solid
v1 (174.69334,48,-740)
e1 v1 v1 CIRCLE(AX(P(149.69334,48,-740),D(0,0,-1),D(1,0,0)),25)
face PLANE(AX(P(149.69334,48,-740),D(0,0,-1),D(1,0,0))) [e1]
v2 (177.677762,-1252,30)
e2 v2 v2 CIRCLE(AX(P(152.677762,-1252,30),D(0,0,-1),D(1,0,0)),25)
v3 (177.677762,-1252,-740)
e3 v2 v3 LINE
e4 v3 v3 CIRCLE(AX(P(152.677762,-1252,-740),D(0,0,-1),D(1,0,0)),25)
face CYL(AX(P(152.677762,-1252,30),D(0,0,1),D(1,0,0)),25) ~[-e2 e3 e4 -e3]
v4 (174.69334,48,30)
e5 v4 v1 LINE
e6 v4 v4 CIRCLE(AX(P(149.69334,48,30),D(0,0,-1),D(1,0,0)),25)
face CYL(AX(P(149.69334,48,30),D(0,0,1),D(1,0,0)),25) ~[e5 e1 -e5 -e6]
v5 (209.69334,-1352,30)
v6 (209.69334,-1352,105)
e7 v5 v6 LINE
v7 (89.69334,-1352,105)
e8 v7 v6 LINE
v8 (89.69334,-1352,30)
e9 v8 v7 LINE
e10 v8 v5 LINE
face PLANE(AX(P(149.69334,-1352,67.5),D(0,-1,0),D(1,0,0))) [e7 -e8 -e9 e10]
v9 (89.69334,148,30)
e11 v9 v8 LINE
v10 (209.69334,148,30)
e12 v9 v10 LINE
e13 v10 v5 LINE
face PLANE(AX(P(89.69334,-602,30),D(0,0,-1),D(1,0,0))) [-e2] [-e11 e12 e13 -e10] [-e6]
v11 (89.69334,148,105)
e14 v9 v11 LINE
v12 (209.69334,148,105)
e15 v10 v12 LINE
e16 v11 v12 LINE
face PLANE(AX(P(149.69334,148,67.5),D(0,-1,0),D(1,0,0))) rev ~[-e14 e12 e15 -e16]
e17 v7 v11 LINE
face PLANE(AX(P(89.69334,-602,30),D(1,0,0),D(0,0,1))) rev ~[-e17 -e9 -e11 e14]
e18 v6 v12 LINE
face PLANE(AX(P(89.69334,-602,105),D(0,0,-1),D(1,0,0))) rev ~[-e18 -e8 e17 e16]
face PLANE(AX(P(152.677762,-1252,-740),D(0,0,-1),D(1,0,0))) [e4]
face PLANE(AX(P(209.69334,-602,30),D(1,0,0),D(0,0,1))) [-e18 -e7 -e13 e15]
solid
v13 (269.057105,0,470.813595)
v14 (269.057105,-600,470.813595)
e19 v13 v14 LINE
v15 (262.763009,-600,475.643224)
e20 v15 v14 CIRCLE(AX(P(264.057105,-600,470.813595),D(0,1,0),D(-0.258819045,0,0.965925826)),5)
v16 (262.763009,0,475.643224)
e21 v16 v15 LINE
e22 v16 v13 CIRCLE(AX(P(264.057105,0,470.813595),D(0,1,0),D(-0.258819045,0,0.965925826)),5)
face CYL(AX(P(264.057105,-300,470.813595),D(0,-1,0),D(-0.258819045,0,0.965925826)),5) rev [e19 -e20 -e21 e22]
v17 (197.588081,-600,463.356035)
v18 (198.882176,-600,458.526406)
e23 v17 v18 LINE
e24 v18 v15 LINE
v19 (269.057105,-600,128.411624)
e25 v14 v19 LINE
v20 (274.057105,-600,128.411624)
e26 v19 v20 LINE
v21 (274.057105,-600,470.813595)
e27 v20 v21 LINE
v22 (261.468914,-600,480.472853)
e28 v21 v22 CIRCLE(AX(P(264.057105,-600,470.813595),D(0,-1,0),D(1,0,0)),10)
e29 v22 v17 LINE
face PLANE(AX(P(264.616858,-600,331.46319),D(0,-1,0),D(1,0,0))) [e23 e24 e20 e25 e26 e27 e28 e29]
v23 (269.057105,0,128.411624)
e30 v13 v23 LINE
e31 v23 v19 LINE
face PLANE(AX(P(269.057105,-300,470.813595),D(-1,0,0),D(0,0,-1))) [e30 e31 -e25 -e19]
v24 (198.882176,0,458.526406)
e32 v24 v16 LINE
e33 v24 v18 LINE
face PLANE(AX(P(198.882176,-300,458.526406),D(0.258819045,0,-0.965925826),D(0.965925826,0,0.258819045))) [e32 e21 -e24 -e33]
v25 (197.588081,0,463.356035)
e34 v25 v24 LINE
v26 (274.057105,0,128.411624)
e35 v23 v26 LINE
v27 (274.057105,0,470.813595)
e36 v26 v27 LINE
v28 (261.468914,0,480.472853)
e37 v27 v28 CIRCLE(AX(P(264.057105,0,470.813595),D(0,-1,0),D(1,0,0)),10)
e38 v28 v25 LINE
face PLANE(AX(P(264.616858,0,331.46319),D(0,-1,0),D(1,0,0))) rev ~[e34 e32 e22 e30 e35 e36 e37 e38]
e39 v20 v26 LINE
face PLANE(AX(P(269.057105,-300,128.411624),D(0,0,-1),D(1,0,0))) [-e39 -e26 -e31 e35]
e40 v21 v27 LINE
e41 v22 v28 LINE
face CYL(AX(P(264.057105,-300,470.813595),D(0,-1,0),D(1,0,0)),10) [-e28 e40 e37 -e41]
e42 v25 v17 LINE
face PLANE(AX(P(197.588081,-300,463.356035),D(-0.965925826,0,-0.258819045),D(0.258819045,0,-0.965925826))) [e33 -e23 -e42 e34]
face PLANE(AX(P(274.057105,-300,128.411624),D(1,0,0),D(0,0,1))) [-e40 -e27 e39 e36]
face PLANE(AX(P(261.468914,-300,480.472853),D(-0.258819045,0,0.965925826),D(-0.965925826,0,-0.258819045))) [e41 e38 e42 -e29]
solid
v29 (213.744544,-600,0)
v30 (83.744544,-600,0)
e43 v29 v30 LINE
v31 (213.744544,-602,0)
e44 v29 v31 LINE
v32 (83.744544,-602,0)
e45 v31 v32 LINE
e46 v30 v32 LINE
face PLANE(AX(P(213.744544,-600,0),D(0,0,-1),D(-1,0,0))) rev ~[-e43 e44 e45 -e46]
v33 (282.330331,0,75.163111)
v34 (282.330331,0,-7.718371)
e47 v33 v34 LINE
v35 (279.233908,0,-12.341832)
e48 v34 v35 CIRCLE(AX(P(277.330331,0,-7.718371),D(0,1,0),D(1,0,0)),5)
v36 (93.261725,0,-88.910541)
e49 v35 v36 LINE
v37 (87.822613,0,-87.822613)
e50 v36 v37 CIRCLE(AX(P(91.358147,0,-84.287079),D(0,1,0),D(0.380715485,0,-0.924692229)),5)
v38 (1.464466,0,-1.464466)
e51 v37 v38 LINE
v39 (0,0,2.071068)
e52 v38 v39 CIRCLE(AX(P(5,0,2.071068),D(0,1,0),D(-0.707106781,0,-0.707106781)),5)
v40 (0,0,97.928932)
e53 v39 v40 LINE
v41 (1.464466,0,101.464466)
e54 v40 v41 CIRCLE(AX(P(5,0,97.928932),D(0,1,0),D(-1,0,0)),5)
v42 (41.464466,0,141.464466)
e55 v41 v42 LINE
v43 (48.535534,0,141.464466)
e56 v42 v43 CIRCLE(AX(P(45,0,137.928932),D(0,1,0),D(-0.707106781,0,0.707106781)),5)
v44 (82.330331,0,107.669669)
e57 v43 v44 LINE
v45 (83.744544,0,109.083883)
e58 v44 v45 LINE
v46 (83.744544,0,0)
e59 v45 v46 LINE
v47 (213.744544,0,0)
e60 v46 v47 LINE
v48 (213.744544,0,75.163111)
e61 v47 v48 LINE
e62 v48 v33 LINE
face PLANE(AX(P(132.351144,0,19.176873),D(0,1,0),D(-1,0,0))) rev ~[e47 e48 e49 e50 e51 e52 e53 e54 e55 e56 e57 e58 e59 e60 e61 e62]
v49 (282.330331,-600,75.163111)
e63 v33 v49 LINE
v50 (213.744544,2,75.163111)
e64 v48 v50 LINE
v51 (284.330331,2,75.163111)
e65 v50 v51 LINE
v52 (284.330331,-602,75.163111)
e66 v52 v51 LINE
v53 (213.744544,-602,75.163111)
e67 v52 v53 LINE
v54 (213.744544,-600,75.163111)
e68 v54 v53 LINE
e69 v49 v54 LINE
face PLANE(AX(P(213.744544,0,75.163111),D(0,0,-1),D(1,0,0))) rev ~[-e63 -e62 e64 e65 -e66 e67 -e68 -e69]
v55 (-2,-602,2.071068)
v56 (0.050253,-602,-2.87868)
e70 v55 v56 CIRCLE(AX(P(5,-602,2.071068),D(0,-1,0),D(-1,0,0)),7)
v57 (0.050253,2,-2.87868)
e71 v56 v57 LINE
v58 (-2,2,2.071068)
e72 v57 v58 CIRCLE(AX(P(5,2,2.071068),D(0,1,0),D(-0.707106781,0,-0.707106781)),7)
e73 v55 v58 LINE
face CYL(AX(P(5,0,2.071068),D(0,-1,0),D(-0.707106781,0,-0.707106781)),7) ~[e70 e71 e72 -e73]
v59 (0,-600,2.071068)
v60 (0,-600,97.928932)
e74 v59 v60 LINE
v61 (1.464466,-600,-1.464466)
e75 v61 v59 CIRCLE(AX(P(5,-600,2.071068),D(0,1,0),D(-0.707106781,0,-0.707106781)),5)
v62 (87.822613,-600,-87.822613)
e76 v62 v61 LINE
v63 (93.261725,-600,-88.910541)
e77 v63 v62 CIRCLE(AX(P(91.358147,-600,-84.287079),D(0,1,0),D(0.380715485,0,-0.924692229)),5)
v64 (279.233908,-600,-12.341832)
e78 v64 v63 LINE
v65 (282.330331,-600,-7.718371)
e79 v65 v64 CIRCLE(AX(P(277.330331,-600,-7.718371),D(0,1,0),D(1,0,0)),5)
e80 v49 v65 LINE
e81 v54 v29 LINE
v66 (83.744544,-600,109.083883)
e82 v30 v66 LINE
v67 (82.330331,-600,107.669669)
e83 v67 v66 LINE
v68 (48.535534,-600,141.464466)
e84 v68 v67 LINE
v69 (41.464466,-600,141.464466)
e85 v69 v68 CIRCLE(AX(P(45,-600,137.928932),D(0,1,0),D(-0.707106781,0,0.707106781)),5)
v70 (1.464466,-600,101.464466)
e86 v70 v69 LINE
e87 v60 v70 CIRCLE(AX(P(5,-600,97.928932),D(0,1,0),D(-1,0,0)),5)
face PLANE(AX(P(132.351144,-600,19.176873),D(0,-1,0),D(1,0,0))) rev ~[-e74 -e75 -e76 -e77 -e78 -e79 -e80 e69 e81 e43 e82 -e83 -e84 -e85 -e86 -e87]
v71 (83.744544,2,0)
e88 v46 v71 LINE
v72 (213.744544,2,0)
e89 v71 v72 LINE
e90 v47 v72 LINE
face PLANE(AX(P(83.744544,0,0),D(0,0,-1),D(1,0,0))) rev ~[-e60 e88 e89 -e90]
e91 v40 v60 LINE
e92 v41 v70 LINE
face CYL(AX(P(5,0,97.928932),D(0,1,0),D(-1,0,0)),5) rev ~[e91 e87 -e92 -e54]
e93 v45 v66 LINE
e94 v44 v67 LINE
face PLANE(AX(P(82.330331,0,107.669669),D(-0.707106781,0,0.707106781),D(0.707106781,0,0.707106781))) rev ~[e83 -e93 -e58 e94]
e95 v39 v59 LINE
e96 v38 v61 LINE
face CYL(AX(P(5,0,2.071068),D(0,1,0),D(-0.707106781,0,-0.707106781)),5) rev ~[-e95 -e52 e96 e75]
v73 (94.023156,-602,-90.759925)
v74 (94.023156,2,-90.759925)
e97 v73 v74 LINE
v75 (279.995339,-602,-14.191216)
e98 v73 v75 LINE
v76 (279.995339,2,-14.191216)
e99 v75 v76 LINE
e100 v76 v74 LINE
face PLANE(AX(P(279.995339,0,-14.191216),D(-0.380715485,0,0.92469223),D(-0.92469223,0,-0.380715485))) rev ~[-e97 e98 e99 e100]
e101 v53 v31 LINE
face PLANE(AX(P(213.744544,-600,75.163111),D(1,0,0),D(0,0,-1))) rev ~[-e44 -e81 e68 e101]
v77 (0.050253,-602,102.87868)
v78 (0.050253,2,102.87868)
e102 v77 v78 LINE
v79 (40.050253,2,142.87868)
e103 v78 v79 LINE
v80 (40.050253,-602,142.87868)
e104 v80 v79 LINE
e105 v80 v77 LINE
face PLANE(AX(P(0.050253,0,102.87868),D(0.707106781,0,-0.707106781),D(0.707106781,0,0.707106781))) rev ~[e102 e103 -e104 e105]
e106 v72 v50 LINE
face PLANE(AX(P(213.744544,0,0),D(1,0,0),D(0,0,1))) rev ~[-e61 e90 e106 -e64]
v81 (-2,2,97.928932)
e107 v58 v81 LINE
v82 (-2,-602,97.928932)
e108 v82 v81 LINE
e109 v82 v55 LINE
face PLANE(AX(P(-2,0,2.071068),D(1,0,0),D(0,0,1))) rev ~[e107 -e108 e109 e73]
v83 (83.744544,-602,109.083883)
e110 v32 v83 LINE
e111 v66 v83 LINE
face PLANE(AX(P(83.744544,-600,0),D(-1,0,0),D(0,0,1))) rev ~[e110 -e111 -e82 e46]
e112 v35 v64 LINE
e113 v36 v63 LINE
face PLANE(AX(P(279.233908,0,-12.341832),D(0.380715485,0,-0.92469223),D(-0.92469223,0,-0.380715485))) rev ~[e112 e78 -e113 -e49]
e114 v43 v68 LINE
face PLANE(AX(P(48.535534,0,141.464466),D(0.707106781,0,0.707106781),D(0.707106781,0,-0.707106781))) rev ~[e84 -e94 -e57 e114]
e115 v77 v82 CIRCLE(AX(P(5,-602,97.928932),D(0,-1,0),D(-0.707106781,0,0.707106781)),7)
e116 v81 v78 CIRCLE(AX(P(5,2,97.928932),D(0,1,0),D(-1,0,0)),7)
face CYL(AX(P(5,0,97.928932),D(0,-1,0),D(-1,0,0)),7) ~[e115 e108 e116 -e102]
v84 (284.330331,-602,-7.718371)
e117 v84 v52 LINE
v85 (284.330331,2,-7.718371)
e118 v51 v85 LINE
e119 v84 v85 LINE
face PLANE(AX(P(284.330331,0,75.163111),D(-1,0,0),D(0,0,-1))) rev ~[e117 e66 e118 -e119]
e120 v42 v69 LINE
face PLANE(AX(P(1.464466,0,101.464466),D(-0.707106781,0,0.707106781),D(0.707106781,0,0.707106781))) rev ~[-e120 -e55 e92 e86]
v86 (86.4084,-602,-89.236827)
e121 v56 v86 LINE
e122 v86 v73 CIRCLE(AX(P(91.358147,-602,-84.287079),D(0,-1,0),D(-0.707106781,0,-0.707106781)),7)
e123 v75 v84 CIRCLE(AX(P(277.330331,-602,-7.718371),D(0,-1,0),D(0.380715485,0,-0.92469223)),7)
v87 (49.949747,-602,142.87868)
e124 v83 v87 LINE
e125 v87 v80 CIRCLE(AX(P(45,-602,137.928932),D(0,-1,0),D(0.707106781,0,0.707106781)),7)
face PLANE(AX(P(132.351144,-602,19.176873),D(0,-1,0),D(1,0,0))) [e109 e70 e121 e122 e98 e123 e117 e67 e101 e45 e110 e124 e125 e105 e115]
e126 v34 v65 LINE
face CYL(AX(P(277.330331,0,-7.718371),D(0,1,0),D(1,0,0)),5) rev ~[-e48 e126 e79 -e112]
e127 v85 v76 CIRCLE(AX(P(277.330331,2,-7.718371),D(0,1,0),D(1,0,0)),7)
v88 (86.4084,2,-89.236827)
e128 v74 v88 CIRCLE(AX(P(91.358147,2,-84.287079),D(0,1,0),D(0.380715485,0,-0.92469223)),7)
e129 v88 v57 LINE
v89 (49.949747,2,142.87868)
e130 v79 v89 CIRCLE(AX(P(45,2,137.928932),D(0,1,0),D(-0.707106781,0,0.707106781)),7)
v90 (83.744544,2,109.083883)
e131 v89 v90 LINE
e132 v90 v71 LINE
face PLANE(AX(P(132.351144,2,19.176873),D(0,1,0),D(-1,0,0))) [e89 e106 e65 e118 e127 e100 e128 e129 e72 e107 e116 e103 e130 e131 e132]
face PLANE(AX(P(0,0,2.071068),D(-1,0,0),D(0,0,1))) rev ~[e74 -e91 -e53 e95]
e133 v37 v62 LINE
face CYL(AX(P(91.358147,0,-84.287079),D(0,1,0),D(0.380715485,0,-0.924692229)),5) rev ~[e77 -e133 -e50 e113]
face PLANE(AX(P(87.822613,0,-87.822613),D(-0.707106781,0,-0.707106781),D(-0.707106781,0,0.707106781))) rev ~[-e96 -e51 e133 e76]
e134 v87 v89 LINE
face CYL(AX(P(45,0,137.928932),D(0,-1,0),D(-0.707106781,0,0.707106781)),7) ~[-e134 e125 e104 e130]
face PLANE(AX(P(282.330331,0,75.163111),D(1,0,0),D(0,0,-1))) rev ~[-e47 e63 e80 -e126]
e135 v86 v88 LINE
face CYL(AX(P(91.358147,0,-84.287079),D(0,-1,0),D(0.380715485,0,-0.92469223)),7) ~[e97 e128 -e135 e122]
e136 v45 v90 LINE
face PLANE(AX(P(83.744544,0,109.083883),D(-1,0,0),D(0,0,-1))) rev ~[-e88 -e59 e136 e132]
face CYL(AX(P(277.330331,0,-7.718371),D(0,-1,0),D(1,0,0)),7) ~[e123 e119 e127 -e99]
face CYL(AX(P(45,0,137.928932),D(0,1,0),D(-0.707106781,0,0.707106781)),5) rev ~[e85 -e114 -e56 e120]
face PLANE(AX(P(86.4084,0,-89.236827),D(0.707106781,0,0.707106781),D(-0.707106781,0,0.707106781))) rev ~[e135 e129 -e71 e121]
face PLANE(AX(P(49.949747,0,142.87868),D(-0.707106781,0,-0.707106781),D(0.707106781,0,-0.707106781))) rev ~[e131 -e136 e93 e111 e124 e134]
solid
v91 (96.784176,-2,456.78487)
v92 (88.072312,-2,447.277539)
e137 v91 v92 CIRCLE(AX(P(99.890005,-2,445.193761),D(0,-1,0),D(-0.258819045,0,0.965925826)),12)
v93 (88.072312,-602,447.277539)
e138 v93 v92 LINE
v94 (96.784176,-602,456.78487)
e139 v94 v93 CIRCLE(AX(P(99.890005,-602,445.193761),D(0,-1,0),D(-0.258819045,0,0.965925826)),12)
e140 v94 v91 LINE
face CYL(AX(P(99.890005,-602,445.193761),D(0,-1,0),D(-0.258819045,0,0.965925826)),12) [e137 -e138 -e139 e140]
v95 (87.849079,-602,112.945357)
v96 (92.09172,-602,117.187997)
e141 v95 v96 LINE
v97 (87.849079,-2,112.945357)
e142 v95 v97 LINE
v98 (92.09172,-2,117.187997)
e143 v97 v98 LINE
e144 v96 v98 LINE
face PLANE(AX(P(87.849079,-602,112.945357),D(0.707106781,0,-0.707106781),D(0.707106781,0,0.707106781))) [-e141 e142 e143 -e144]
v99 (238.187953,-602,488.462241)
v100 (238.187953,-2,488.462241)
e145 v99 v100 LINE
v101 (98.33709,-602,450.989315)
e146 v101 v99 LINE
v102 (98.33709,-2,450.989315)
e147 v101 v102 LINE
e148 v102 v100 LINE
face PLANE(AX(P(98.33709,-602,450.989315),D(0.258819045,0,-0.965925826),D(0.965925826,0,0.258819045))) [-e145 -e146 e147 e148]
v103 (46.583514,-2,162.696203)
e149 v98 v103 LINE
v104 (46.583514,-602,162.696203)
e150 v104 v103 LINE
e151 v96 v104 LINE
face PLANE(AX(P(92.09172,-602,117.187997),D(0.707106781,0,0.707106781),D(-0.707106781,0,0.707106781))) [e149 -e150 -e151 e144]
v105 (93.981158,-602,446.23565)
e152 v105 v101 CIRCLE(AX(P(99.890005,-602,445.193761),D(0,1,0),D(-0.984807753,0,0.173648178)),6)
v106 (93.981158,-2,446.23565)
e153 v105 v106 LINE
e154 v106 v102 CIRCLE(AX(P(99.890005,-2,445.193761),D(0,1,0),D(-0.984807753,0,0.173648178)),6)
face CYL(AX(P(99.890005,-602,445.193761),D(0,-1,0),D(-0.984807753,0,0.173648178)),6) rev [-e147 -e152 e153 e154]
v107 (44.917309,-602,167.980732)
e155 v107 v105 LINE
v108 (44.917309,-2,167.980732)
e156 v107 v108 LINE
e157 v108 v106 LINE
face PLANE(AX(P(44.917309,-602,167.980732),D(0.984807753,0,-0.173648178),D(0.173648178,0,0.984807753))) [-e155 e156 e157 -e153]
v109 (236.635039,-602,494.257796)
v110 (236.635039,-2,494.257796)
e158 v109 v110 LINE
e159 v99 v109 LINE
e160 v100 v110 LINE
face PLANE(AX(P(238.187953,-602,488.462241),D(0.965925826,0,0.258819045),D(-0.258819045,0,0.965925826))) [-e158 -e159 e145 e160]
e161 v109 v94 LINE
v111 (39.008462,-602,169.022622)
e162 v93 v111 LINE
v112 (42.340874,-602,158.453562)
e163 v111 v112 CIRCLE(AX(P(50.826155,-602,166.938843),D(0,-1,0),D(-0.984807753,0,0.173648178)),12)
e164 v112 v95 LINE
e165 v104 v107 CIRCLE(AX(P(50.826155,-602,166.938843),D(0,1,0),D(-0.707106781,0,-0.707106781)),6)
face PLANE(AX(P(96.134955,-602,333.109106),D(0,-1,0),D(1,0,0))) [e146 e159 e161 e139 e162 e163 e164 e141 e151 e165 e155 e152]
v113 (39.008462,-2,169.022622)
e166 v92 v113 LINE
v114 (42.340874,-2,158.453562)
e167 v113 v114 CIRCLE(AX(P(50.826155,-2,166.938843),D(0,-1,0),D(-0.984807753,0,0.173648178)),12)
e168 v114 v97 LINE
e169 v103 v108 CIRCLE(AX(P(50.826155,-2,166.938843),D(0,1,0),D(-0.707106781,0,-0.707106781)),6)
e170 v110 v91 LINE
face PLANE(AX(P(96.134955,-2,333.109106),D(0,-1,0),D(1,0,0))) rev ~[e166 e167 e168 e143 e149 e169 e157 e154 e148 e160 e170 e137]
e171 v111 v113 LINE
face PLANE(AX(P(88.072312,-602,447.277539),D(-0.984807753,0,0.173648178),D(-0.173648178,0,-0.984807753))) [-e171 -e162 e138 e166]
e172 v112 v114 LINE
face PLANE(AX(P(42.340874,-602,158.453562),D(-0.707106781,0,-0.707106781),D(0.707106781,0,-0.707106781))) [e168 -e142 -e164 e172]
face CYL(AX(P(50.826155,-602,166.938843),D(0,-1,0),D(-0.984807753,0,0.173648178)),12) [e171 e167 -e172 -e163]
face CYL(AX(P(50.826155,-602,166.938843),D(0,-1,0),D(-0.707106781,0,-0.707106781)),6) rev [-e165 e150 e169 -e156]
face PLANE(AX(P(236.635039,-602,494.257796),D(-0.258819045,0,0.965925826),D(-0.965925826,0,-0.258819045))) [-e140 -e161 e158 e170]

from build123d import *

# Parameters (mm, degrees)
F1_DEPTH  = 600
F3_DEPTH  = 2
F5_DEPTH  = 2
F7_DEPTH  = 600
F8_W      = 120
F8_H      = 75
F9_DEPTH  = 750
F12_DEPTH = 300
F13_R     = 25
F14_DEPTH = 770


with BuildPart() as f1:
    # F0 (on Front) → F1 (new body)
    with BuildSketch(Plane.XZ):
        with BuildLine():
            ThreePointArc((1.4644660941, -1.4644660941), (0.3806023374, 0.15765065), (0, 2.0710678119))
            Line((0, 2.0710678119), (0, 97.9289321881))
            ThreePointArc((0, 97.9289321881), (0.3806023374, 99.84234935), (1.4644660941, 101.4644660941))
            Line((1.4644660941, 101.4644660941), (41.4644660941, 141.4644660941))
            ThreePointArc((41.4644660941, 141.4644660941), (45, 142.9289321881), (48.5355339059, 141.4644660941))
            Line((48.5355339059, 141.4644660941), (82.3303307434, 107.6696692566))
            Line((82.3303307434, 107.6696692566), (83.7445443058, 109.0838828189))
            Line((83.7445443058, 109.0838828189), (49.9497474683, 142.8786796564))
            ThreePointArc((49.9497474683, 142.8786796564), (45, 144.9289321881), (40.0502525317, 142.8786796564))
            Line((40.0502525317, 142.8786796564), (0.0502525317, 102.8786796564))
            ThreePointArc((0.0502525317, 102.8786796564), (-1.4671567276, 100.6077162147), (-2, 97.9289321881))
            Line((-2, 97.9289321881), (-2, 2.0710678119))
            ThreePointArc((-2, 2.0710678119), (-1.4671567276, -0.6077162147), (0.0502525317, -2.8786796564))
            Line((0.0502525317, -2.8786796564), (86.4083997077, -89.2368268324))
            ThreePointArc((86.4083997077, -89.2368268324), (89.9852068491, -91.1511186165), (94.0231555726, -90.7599249706))
            Line((94.0231555726, -90.7599249706), (279.99533914, -14.1912161103))
            ThreePointArc((279.99533914, -14.1912161103), (283.1464746024, -11.6135560721), (284.3303307434, -7.7183705037))
            Line((284.3303307434, -7.7183705037), (284.3303307434, 75.1631110907))
            Line((284.3303307434, 75.1631110907), (282.3303307434, 75.1631110907))
            Line((282.3303307434, 75.1631110907), (282.3303307434, -7.7183705037))
            ThreePointArc((282.3303307434, -7.7183705037), (281.4847192141, -10.5006459097), (279.2339081696, -12.3418316513))
            Line((279.2339081696, -12.3418316513), (93.2617246021, -88.9105405116))
            ThreePointArc((93.2617246021, -88.9105405116), (90.3774755139, -89.1899645444), (87.82261327, -87.82261327))
            Line((87.82261327, -87.82261327), (1.4644660941, -1.4644660941))
        make_face()
    extrude(amount=F1_DEPTH)

    # F2 (on face) → F3 (join)
    with BuildSketch(Plane.XZ.offset(600)):
        with BuildLine():
            Line((83.7445443058, 109.0838828189), (49.9497474683, 142.8786796564))
            ThreePointArc((49.9497474683, 142.8786796564), (45, 144.9289321881), (40.0502525317, 142.8786796564))
            Line((40.0502525317, 142.8786796564), (0.0502525317, 102.8786796564))
            ThreePointArc((0.0502525317, 102.8786796564), (-1.4671567276, 100.6077162147), (-2, 97.9289321881))
            Line((-2, 97.9289321881), (-2, 2.0710678119))
            ThreePointArc((-2, 2.0710678119), (-1.4671567276, -0.6077162147), (0.0502525317, -2.8786796564))
            Line((0.0502525317, -2.8786796564), (86.4083997077, -89.2368268324))
            ThreePointArc((86.4083997077, -89.2368268324), (89.9852068491, -91.1511186165), (94.0231555726, -90.7599249706))
            Line((94.0231555726, -90.7599249706), (279.99533914, -14.1912161103))
            ThreePointArc((279.99533914, -14.1912161103), (283.1464746024, -11.6135560721), (284.3303307434, -7.7183705037))
            Line((284.3303307434, -7.7183705037), (284.3303307434, 75.1631110907))
            Line((284.3303307434, 75.1631110907), (213.7445443058, 75.1631110907))
            Line((213.7445443058, 75.1631110907), (213.7445443058, 0))
            Line((213.7445443058, 0), (83.7445443058, 0))
            Line((83.7445443058, 0), (83.7445443058, 109.0838828189))
        make_face()
    extrude(amount=F3_DEPTH)

    # F4 (on face) → F5 (join)
    with BuildSketch(Plane(origin=(0, 0, 0), x_dir=(-1, 0, 0), z_dir=(0, 1, 0))):
        with BuildLine():
            Line((-213.7445443058, 75.1631110907), (-284.3303307434, 75.1631110907))
            Line((-284.3303307434, 75.1631110907), (-284.3303307434, -7.7183705037))
            ThreePointArc((-284.3303307434, -7.7183705037), (-283.1464746024, -11.6135560721), (-279.99533914, -14.1912161103))
            Line((-279.99533914, -14.1912161103), (-94.0231555726, -90.7599249706))
            ThreePointArc((-94.0231555726, -90.7599249706), (-89.9852068491, -91.1511186165), (-86.4083997077, -89.2368268324))
            Line((-86.4083997077, -89.2368268324), (-0.0502525317, -2.8786796564))
            ThreePointArc((-0.0502525317, -2.8786796564), (1.4671567276, -0.6077162147), (2, 2.0710678119))
            Line((2, 2.0710678119), (2, 97.9289321881))
            ThreePointArc((2, 97.9289321881), (1.4671567276, 100.6077162147), (-0.0502525317, 102.8786796564))
            Line((-0.0502525317, 102.8786796564), (-40.0502525317, 142.8786796564))
            ThreePointArc((-40.0502525317, 142.8786796564), (-45, 144.9289321881), (-49.9497474683, 142.8786796564))
            Line((-49.9497474683, 142.8786796564), (-83.7445443058, 109.0838828189))
            Line((-83.7445443058, 109.0838828189), (-83.7445443058, 0))
            Line((-83.7445443058, 0), (-213.7445443058, 0))
            Line((-213.7445443058, 0), (-213.7445443058, 75.1631110907))
        make_face()
    extrude(amount=F5_DEPTH)


with BuildPart() as f7:
    # F6 (on face) → F7 (new body)
    with BuildSketch(Plane.XZ.offset(602)):
        with BuildLine():
            Line((87.8490793277, 112.9453565157), (92.0917200148, 117.1879972028))
            Line((92.0917200148, 117.1879972028), (46.5835144764, 162.6962027412))
            ThreePointArc((46.5835144764, 162.6962027412), (45.103853459, 165.1346086313), (44.9173086454, 167.9807324944))
            Line((44.9173086454, 167.9807324944), (93.9811580473, 446.2356496077))
            ThreePointArc((93.9811580473, 446.2356496077), (95.4663405445, 449.2473017874), (98.3370902948, 450.9893154994))
            Line((98.3370902948, 450.9893154994), (238.1879532962, 488.4622413014))
            Line((238.1879532962, 488.4622413014), (236.6350390256, 494.2577962592))
            Line((236.6350390256, 494.2577962592), (96.7841760241, 456.7848704571))
            ThreePointArc((96.7841760241, 456.7848704571), (91.0426765237, 453.300843033), (88.0723115292, 447.2775386737))
            Line((88.0723115292, 447.2775386737), (39.0084621274, 169.0226215604))
            ThreePointArc((39.0084621274, 169.0226215604), (39.3815517545, 163.3303738343), (42.3408737893, 158.4535620541))
            Line((42.3408737893, 158.4535620541), (87.8490793277, 112.9453565157))
        make_face()
    extrude(amount=-F7_DEPTH)


with BuildPart() as f9:
    # F8 (on face) → F9 (new body, symmetric)
    with BuildSketch(Plane.XZ.offset(602)):
        with Locations((149.6933400631, 67.5)):
            Rectangle(F8_W, F8_H)
    extrude(amount=F9_DEPTH, both=True)

    # F13 (on face) → F14 (join)
    with BuildSketch(Plane(origin=(0, 0, 30), x_dir=(1, 0, 0), z_dir=(0, 0, -1))):
        with Locations((152.6777621258, 1252)):
            Circle(F13_R)
        with Locations((149.6933400631, -48)):
            Circle(F13_R)
    extrude(amount=F14_DEPTH)


with BuildPart() as f12:
    # F11 (on mid) → F12 (new body, symmetric)
    with BuildSketch(Plane.XZ.offset(300)):
        with BuildLine():
            Line((261.4689141435, 480.4728531501), (197.588081, 463.3560354974))
            Line((197.588081, 463.3560354974), (198.8821762255, 458.526406366))
            Line((198.8821762255, 458.526406366), (262.763009369, 475.6432240186))
            ThreePointArc((262.763009369, 475.6432240186), (267.1009117396, 474.7803615886), (269.0571045946, 470.8135948872))
            Line((269.0571045946, 470.8135948872), (269.0571045946, 128.4116242641))
            Line((269.0571045946, 128.4116242641), (274.0571045946, 128.4116242641))
            Line((274.0571045946, 128.4116242641), (274.0571045946, 470.8135948872))
            ThreePointArc((274.0571045946, 470.8135948872), (270.1447188846, 478.7471282901), (261.4689141435, 480.4728531501))
        make_face()
    extrude(amount=F12_DEPTH, both=True)


solid = Compound([f1.part, f7.part, f9.part, f12.part])
